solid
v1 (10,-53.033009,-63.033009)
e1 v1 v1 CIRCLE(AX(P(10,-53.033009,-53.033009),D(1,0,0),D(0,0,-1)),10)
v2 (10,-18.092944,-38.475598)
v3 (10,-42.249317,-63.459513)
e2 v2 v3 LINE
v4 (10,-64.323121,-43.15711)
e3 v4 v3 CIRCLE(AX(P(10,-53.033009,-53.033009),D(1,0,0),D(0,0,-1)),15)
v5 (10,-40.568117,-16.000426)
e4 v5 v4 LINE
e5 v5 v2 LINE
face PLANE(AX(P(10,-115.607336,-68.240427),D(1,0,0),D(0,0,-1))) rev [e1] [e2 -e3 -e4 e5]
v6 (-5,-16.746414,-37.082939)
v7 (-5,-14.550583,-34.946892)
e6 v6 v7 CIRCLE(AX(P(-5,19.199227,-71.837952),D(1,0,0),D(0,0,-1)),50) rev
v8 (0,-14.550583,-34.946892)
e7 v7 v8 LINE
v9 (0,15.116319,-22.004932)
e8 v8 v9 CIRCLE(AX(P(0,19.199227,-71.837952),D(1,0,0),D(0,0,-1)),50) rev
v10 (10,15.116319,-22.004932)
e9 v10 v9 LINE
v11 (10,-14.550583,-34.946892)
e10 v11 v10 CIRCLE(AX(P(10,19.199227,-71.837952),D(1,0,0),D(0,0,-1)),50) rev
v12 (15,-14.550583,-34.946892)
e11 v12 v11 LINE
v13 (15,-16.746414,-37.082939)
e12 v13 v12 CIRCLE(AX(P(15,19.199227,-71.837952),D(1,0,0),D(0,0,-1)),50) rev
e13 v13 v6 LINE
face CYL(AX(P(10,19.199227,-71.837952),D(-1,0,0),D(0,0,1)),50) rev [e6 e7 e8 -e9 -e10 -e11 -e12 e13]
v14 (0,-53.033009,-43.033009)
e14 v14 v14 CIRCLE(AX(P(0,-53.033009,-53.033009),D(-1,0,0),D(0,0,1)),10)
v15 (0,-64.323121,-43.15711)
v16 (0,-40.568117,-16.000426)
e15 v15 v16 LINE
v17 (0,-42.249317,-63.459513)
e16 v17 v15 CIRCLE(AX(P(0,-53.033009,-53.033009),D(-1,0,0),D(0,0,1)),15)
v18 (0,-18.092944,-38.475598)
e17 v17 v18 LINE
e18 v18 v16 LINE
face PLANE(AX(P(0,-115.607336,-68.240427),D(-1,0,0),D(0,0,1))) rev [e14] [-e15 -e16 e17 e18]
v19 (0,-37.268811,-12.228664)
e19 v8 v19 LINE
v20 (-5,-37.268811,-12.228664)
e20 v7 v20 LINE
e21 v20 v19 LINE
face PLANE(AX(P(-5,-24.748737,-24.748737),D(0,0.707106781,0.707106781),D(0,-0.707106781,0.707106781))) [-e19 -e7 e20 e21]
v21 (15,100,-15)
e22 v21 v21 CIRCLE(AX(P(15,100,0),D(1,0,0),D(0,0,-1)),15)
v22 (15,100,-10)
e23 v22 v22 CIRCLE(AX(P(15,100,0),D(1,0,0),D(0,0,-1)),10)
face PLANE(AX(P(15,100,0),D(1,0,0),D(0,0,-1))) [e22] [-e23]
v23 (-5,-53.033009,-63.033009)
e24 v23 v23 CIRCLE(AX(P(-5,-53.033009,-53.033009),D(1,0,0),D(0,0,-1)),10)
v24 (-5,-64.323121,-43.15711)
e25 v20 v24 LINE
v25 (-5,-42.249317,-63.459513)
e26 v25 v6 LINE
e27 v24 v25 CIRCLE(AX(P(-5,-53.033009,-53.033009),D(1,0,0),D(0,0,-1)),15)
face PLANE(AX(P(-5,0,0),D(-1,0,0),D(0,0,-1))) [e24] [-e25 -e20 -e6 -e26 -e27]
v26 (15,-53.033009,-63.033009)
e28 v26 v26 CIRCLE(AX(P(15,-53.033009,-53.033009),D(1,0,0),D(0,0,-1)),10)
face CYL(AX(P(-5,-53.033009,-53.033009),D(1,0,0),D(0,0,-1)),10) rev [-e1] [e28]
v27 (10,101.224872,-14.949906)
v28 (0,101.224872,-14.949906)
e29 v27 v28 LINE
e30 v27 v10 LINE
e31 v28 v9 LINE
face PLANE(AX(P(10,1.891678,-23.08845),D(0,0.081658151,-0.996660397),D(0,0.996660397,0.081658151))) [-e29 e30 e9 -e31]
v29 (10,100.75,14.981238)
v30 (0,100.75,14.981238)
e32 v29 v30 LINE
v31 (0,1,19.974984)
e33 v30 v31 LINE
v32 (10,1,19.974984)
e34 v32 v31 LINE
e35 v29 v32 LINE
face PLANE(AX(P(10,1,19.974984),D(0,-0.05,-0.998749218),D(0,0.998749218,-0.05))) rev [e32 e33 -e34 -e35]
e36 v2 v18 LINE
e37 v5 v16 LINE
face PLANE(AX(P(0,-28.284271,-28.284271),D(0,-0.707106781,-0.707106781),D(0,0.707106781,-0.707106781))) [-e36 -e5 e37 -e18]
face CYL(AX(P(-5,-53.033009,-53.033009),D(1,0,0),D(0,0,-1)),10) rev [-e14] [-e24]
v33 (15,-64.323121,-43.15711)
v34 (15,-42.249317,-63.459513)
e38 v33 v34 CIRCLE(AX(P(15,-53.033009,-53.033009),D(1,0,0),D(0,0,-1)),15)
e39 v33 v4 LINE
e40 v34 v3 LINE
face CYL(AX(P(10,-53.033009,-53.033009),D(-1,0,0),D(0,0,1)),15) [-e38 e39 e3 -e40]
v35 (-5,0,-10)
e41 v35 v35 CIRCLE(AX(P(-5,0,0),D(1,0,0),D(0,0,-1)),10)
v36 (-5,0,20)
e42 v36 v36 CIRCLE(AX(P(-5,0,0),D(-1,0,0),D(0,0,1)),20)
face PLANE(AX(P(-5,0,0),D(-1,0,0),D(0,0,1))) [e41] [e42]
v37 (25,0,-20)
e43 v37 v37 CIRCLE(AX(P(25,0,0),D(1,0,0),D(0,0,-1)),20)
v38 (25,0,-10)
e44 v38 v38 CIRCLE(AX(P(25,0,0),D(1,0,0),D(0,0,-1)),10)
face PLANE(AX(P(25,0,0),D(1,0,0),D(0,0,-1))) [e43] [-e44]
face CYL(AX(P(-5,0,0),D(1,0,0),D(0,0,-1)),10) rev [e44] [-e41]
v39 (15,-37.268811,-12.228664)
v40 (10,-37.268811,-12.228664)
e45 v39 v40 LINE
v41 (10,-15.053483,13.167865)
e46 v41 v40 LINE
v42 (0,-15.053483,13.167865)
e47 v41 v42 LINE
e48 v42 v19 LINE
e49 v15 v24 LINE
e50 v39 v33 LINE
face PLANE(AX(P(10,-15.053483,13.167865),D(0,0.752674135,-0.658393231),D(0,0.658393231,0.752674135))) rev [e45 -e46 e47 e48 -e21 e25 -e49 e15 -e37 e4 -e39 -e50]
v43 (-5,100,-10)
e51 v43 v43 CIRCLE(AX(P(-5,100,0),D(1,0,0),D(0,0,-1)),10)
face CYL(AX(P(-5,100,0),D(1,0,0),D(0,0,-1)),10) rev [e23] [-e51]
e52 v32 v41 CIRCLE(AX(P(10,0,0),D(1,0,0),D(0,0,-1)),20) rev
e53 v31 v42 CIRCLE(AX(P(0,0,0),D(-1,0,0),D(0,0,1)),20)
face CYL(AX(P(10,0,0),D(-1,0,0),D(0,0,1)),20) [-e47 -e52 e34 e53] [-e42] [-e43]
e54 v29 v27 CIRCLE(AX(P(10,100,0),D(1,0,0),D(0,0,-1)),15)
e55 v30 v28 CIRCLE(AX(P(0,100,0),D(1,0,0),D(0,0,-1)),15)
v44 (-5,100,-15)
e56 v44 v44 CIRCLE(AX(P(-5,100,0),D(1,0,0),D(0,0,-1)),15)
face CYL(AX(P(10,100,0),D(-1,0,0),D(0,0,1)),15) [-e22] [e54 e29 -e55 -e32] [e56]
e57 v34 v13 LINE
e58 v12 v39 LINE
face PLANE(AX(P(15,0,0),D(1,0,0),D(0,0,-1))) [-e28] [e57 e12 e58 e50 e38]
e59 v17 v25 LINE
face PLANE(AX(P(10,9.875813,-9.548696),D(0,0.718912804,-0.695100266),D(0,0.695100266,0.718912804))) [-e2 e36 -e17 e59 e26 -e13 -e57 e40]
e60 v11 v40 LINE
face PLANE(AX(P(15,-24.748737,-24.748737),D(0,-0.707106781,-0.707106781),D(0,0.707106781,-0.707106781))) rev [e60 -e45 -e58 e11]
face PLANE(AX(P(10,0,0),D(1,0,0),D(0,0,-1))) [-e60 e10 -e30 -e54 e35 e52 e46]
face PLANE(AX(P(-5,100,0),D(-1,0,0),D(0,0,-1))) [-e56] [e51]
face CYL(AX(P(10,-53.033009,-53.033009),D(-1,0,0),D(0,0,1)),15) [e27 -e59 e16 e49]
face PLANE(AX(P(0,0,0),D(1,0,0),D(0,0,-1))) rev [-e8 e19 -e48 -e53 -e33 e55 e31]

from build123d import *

# Parameters (mm, degrees)
IZIM1_R                     = 20
Y_KSEKLIK_EKSTR_ZYON1_DEPTH = 10
IZIM2_R                     = 15
Y_KSEKLIK_EKSTR_ZYON2_DEPTH = 5
IZIM3_R                     = 20
Y_KSEKLIK_EKSTR_ZYON3_DEPTH = 15
IZIM4_R                     = 20
Y_KSEKLIK_EKSTR_ZYON4_DEPTH = 5
IZIM5_R                     = 10
KES_EKSTR_ZYON1_DEPTH       = 11
KES_EKSTR_ZYON1_DEPTH_BACK  = 21
Y_KSEKLIK_EKSTR_ZYON5_DEPTH = 5
KES_EKSTR_ZYON3_START       = -5
IZIM8_W                     = 10
IZIM8_H                     = 55.466945175
KES_EKSTR_ZYON3_DEPTH       = 90
IZIM9_R                     = 10
KES_EKSTR_ZYON4_DEPTH       = 21


with BuildPart() as part:
    # Çizim1 → Yükseklik-Ekstrüzyon1 (new body)
    with BuildSketch(Plane(origin=(0, 0, 0), x_dir=(0, 0, -1), z_dir=(1, 0, 0))):
        with BuildLine():
            Line((22.00493217, 15.116319136), (14.949905951, 101.224872265))
            ThreePointArc((14.949905951, 101.224872265), (-0.237952402, 114.998112503), (-14.981238267, 100.75))
            Line((-14.981238267, 100.75), (-19.974984355, 1))
            ThreePointArc((-19.974984355, 1), (0.500156421, 19.993745111), (20, 0))
            ThreePointArc((20, 0), (8.265673223, -18.212046732), (-13.167864617, -15.053482701))
            Line((-13.167864617, -15.053482701), (43.157110126, -64.323120614))
            ThreePointArc((43.157110126, -64.323120614), (64.073343656, -63.187367339), (63.459512577, -42.249316522))
            Line((63.459512577, -42.249316522), (37.082938713, -16.746413538))
            ThreePointArc((37.082938713, -16.746413538), (26.642905037, -2.187865906), (22.00493217, 15.116319136))
        make_face()
        Circle(IZIM1_R)
    extrude(amount=Y_KSEKLIK_EKSTR_ZYON1_DEPTH)

    # Çizim2 → Yükseklik-Ekstrüzyon2 (add)
    with BuildSketch(Plane(origin=(10, 0, 0), x_dir=(0, 0, -1), z_dir=(1, 0, 0))):
        with Locations((0, 100)):
            Circle(IZIM2_R)
    y_kseklik_ekstr_zyon2 = extrude(amount=Y_KSEKLIK_EKSTR_ZYON2_DEPTH)

    # Aynalama1: Yükseklik-Ekstrüzyon2 across plane
    add(y_kseklik_ekstr_zyon2.mirror(Plane(origin=(5, 0, 0), x_dir=(0, 0, 1), z_dir=(1, 0, 0))))

    # Çizim3 → Yükseklik-Ekstrüzyon3 (add)
    with BuildSketch(Plane(origin=(10, 0, 0), x_dir=(0, 0, -1), z_dir=(1, 0, 0))):
        Circle(IZIM3_R)
    extrude(amount=Y_KSEKLIK_EKSTR_ZYON3_DEPTH)

    # Çizim4 → Yükseklik-Ekstrüzyon4 (add)
    with BuildSketch(Plane.ZY):
        Circle(IZIM4_R)
    extrude(amount=Y_KSEKLIK_EKSTR_ZYON4_DEPTH)

    # Çizim5 → Kes-Ekstrüzyon1 (cut, two sides)
    with BuildSketch(Plane(origin=(15, 0, 0), x_dir=(0, 0, -1), z_dir=(1, 0, 0))) as kes_ekstr_zyon1_sk:
        with Locations((0, 100)):
            Circle(IZIM5_R)
        Circle(IZIM5_R)
    extrude(amount=KES_EKSTR_ZYON1_DEPTH, mode=Mode.SUBTRACT)
    extrude(kes_ekstr_zyon1_sk.sketch, amount=-KES_EKSTR_ZYON1_DEPTH_BACK, mode=Mode.SUBTRACT)

    # Çizim6 → Yükseklik-Ekstrüzyon5 (add)
    with BuildSketch(Plane(origin=(10, 0, 0), x_dir=(0, 0, -1), z_dir=(1, 0, 0))):
        with BuildLine():
            ThreePointArc((37.082938713, -16.746413538), (35.998094477, -15.664861033), (34.94689158, -14.550583103))
            Line((34.94689158, -14.550583103), (12.228664173, -37.26881051))
            Line((12.228664173, -37.26881051), (43.157110126, -64.323120614))
            ThreePointArc((43.157110126, -64.323120614), (64.073343656, -63.187367339), (63.459512577, -42.249316522))
            Line((63.459512577, -42.249316522), (37.082938713, -16.746413538))
        make_face()
    y_kseklik_ekstr_zyon5 = extrude(amount=Y_KSEKLIK_EKSTR_ZYON5_DEPTH)

    # Aynalama2: Yükseklik-Ekstrüzyon5 across plane
    add(y_kseklik_ekstr_zyon5.mirror(Plane(origin=(5, 0, 0), x_dir=(0, 0, 1), z_dir=(1, 0, 0))))

    # Çizim8 → Kes-Ekstrüzyon3 (cut)
    with BuildSketch(Plane(origin=(0, -24.748737342, -24.748737342), x_dir=(1, 0, 0), z_dir=(0, 0.707106781, 0.707106781)).offset(KES_EKSTR_ZYON3_START)):
        with Locations((5, -5.759989705)):
            Rectangle(IZIM8_W, IZIM8_H)
    extrude(amount=-KES_EKSTR_ZYON3_DEPTH, mode=Mode.SUBTRACT)

    # Çizim9 → Kes-Ekstrüzyon4 (cut, through all)
    with BuildSketch(Plane(origin=(15, 0, 0), x_dir=(0, 0, -1), z_dir=(1, 0, 0))):
        with Locations((53.033008589, -53.033008589)):
            Circle(IZIM9_R)
    extrude(amount=-KES_EKSTR_ZYON4_DEPTH, mode=Mode.SUBTRACT)


solid = part.part
